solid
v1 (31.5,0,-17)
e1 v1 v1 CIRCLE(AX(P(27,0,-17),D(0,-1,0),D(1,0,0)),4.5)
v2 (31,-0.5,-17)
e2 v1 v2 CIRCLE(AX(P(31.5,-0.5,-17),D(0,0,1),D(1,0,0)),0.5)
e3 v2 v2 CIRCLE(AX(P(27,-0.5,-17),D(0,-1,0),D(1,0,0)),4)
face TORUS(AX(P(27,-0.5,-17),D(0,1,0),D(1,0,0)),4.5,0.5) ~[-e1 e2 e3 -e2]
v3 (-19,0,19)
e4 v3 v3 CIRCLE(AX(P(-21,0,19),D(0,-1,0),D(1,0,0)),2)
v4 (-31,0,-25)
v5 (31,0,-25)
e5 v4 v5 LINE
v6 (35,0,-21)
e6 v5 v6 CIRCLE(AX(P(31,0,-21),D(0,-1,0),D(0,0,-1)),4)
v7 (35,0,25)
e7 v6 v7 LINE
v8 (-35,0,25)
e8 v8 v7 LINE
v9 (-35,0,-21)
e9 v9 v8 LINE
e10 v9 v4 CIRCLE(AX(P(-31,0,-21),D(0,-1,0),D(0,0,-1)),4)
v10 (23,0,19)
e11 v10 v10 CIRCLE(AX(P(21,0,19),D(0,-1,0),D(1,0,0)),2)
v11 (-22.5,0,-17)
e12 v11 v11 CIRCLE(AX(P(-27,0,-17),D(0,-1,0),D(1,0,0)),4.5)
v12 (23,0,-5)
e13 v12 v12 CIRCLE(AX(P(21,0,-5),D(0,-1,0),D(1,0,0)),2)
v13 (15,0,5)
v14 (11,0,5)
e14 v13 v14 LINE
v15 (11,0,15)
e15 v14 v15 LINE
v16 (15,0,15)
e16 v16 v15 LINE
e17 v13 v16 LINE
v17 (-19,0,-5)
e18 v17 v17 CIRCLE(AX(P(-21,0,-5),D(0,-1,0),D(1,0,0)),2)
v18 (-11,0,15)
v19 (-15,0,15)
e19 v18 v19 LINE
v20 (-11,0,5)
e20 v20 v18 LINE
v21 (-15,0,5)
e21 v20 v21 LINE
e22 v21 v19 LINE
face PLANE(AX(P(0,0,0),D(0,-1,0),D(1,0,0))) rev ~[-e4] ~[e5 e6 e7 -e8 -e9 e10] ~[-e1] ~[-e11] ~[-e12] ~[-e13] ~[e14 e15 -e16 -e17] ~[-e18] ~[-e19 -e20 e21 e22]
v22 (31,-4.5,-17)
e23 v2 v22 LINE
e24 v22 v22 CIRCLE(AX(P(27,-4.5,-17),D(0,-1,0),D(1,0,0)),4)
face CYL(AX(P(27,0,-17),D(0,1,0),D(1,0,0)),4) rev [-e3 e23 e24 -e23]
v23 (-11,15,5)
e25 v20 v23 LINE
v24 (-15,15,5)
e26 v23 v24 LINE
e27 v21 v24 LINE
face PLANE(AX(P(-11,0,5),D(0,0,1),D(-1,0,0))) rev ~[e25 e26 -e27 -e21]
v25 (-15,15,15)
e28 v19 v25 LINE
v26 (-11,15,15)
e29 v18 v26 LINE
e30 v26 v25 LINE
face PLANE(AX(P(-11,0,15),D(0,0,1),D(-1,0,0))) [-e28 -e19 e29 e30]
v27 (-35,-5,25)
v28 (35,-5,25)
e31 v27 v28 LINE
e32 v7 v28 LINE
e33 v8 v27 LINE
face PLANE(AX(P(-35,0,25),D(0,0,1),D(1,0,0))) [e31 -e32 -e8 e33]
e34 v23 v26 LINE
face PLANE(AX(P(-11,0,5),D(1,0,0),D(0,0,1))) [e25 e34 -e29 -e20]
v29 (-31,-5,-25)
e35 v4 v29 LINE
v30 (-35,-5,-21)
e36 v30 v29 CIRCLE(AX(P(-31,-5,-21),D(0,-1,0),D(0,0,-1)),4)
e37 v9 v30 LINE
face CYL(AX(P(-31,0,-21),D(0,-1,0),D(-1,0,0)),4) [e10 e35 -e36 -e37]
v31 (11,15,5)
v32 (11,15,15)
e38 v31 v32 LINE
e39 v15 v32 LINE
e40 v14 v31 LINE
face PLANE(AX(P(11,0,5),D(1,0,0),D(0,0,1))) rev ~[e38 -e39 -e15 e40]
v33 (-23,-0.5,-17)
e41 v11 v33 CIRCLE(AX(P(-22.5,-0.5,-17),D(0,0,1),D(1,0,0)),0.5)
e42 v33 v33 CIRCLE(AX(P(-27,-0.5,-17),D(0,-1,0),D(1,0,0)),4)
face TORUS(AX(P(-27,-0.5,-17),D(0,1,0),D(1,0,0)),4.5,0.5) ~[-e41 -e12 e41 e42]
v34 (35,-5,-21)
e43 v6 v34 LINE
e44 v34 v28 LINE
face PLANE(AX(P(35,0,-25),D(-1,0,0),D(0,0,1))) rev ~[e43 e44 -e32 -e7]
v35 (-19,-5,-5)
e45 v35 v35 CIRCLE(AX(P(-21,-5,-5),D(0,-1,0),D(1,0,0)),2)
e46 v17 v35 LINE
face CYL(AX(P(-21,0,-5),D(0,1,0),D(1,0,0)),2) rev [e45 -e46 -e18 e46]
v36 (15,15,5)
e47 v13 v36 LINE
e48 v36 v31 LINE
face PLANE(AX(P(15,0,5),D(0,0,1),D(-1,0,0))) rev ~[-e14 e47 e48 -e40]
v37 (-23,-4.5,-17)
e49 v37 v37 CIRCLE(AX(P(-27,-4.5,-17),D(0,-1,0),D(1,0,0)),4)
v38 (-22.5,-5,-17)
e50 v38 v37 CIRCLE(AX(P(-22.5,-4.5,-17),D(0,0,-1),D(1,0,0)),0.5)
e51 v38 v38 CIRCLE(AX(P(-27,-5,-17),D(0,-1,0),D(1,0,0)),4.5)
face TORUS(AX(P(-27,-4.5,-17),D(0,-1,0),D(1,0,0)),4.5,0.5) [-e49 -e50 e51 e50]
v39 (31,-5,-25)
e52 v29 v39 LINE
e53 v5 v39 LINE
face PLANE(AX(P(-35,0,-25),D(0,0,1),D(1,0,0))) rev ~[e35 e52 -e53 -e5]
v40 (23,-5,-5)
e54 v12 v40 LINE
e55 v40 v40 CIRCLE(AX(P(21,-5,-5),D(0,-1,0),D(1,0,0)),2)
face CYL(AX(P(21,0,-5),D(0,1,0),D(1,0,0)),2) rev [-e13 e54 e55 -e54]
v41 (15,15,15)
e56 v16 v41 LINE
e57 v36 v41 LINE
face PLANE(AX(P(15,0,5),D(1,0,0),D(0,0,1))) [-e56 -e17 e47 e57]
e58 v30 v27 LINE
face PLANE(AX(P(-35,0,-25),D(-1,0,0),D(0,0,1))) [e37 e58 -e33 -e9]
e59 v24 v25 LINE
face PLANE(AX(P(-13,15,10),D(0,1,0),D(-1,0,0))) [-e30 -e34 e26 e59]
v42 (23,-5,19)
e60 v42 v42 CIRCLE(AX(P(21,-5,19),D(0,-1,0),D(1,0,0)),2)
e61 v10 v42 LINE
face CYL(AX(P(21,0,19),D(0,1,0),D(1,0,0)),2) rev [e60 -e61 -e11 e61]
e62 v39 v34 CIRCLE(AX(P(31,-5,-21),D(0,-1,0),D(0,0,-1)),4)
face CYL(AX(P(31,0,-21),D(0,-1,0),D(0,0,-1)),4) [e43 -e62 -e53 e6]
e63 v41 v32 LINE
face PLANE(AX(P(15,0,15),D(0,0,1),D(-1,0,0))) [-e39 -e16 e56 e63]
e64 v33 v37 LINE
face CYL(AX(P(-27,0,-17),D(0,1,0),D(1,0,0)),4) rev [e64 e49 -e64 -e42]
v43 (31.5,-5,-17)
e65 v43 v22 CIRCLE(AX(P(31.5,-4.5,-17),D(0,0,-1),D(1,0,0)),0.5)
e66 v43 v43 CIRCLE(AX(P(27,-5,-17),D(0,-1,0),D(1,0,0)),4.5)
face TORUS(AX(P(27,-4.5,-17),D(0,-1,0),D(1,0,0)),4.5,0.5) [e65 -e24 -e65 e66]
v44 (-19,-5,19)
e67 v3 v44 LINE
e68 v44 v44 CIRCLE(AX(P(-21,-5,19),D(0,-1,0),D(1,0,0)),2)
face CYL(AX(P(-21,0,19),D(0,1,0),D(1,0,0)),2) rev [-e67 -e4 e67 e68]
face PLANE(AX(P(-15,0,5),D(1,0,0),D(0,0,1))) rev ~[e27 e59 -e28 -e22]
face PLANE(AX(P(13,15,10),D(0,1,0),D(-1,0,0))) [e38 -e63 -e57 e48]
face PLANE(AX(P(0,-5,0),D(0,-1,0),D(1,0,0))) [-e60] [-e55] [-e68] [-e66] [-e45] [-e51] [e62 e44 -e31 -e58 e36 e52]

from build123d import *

# Parameters (mm, degrees)
F0_W     = 70
F0_H     = 50
F0_R     = 4
F0_R_2   = 2
F1_DEPTH = 5
F2_R     = 4
F3_R     = 0.5
F4_W     = 4
F4_H     = 10
F5_DEPTH = 15


with BuildPart() as f1:
    # F0 (on Front) → F1 (new body)
    with BuildSketch(Plane.XZ):
        Rectangle(F0_W, F0_H)
        with Locations((-27, -17)):
            Circle(F0_R, mode=Mode.SUBTRACT)
        with Locations((-21, -5)):
            Circle(F0_R_2, mode=Mode.SUBTRACT)
        with Locations((27, -17)):
            Circle(F0_R, mode=Mode.SUBTRACT)
        with Locations((21, -5)):
            Circle(F0_R_2, mode=Mode.SUBTRACT)
        with Locations((-21, 19)):
            Circle(F0_R_2, mode=Mode.SUBTRACT)
        with Locations((21, 19)):
            Circle(F0_R_2, mode=Mode.SUBTRACT)
    extrude(amount=F1_DEPTH)

    # F2
    f2_edges = [f1.edges().sort_by_distance(p)[0] for p in [
        (35, -2.5, -25),
        (-35, -2.5, -25),
    ]]
    fillet(f2_edges, radius=F2_R)

    # F3
    f3_edges = [f1.edges().sort_by_distance(p)[0] for p in [
        (-31, -5, -17),
        (23, -5, -17),
        (-31, 0, -17),
        (23, 0, -17),
    ]]
    fillet(f3_edges, radius=F3_R)

    # F4 (on face) → F5 (join)
    with BuildSketch(Plane(origin=(0, 0, 0), x_dir=(-1, 0, 0), z_dir=(0, 1, 0))):
        with Locations((-13, 10)):
            Rectangle(F4_W, F4_H)
        with Locations((13, 10)):
            Rectangle(F4_W, F4_H)
    extrude(amount=F5_DEPTH)


solid = f1.part
